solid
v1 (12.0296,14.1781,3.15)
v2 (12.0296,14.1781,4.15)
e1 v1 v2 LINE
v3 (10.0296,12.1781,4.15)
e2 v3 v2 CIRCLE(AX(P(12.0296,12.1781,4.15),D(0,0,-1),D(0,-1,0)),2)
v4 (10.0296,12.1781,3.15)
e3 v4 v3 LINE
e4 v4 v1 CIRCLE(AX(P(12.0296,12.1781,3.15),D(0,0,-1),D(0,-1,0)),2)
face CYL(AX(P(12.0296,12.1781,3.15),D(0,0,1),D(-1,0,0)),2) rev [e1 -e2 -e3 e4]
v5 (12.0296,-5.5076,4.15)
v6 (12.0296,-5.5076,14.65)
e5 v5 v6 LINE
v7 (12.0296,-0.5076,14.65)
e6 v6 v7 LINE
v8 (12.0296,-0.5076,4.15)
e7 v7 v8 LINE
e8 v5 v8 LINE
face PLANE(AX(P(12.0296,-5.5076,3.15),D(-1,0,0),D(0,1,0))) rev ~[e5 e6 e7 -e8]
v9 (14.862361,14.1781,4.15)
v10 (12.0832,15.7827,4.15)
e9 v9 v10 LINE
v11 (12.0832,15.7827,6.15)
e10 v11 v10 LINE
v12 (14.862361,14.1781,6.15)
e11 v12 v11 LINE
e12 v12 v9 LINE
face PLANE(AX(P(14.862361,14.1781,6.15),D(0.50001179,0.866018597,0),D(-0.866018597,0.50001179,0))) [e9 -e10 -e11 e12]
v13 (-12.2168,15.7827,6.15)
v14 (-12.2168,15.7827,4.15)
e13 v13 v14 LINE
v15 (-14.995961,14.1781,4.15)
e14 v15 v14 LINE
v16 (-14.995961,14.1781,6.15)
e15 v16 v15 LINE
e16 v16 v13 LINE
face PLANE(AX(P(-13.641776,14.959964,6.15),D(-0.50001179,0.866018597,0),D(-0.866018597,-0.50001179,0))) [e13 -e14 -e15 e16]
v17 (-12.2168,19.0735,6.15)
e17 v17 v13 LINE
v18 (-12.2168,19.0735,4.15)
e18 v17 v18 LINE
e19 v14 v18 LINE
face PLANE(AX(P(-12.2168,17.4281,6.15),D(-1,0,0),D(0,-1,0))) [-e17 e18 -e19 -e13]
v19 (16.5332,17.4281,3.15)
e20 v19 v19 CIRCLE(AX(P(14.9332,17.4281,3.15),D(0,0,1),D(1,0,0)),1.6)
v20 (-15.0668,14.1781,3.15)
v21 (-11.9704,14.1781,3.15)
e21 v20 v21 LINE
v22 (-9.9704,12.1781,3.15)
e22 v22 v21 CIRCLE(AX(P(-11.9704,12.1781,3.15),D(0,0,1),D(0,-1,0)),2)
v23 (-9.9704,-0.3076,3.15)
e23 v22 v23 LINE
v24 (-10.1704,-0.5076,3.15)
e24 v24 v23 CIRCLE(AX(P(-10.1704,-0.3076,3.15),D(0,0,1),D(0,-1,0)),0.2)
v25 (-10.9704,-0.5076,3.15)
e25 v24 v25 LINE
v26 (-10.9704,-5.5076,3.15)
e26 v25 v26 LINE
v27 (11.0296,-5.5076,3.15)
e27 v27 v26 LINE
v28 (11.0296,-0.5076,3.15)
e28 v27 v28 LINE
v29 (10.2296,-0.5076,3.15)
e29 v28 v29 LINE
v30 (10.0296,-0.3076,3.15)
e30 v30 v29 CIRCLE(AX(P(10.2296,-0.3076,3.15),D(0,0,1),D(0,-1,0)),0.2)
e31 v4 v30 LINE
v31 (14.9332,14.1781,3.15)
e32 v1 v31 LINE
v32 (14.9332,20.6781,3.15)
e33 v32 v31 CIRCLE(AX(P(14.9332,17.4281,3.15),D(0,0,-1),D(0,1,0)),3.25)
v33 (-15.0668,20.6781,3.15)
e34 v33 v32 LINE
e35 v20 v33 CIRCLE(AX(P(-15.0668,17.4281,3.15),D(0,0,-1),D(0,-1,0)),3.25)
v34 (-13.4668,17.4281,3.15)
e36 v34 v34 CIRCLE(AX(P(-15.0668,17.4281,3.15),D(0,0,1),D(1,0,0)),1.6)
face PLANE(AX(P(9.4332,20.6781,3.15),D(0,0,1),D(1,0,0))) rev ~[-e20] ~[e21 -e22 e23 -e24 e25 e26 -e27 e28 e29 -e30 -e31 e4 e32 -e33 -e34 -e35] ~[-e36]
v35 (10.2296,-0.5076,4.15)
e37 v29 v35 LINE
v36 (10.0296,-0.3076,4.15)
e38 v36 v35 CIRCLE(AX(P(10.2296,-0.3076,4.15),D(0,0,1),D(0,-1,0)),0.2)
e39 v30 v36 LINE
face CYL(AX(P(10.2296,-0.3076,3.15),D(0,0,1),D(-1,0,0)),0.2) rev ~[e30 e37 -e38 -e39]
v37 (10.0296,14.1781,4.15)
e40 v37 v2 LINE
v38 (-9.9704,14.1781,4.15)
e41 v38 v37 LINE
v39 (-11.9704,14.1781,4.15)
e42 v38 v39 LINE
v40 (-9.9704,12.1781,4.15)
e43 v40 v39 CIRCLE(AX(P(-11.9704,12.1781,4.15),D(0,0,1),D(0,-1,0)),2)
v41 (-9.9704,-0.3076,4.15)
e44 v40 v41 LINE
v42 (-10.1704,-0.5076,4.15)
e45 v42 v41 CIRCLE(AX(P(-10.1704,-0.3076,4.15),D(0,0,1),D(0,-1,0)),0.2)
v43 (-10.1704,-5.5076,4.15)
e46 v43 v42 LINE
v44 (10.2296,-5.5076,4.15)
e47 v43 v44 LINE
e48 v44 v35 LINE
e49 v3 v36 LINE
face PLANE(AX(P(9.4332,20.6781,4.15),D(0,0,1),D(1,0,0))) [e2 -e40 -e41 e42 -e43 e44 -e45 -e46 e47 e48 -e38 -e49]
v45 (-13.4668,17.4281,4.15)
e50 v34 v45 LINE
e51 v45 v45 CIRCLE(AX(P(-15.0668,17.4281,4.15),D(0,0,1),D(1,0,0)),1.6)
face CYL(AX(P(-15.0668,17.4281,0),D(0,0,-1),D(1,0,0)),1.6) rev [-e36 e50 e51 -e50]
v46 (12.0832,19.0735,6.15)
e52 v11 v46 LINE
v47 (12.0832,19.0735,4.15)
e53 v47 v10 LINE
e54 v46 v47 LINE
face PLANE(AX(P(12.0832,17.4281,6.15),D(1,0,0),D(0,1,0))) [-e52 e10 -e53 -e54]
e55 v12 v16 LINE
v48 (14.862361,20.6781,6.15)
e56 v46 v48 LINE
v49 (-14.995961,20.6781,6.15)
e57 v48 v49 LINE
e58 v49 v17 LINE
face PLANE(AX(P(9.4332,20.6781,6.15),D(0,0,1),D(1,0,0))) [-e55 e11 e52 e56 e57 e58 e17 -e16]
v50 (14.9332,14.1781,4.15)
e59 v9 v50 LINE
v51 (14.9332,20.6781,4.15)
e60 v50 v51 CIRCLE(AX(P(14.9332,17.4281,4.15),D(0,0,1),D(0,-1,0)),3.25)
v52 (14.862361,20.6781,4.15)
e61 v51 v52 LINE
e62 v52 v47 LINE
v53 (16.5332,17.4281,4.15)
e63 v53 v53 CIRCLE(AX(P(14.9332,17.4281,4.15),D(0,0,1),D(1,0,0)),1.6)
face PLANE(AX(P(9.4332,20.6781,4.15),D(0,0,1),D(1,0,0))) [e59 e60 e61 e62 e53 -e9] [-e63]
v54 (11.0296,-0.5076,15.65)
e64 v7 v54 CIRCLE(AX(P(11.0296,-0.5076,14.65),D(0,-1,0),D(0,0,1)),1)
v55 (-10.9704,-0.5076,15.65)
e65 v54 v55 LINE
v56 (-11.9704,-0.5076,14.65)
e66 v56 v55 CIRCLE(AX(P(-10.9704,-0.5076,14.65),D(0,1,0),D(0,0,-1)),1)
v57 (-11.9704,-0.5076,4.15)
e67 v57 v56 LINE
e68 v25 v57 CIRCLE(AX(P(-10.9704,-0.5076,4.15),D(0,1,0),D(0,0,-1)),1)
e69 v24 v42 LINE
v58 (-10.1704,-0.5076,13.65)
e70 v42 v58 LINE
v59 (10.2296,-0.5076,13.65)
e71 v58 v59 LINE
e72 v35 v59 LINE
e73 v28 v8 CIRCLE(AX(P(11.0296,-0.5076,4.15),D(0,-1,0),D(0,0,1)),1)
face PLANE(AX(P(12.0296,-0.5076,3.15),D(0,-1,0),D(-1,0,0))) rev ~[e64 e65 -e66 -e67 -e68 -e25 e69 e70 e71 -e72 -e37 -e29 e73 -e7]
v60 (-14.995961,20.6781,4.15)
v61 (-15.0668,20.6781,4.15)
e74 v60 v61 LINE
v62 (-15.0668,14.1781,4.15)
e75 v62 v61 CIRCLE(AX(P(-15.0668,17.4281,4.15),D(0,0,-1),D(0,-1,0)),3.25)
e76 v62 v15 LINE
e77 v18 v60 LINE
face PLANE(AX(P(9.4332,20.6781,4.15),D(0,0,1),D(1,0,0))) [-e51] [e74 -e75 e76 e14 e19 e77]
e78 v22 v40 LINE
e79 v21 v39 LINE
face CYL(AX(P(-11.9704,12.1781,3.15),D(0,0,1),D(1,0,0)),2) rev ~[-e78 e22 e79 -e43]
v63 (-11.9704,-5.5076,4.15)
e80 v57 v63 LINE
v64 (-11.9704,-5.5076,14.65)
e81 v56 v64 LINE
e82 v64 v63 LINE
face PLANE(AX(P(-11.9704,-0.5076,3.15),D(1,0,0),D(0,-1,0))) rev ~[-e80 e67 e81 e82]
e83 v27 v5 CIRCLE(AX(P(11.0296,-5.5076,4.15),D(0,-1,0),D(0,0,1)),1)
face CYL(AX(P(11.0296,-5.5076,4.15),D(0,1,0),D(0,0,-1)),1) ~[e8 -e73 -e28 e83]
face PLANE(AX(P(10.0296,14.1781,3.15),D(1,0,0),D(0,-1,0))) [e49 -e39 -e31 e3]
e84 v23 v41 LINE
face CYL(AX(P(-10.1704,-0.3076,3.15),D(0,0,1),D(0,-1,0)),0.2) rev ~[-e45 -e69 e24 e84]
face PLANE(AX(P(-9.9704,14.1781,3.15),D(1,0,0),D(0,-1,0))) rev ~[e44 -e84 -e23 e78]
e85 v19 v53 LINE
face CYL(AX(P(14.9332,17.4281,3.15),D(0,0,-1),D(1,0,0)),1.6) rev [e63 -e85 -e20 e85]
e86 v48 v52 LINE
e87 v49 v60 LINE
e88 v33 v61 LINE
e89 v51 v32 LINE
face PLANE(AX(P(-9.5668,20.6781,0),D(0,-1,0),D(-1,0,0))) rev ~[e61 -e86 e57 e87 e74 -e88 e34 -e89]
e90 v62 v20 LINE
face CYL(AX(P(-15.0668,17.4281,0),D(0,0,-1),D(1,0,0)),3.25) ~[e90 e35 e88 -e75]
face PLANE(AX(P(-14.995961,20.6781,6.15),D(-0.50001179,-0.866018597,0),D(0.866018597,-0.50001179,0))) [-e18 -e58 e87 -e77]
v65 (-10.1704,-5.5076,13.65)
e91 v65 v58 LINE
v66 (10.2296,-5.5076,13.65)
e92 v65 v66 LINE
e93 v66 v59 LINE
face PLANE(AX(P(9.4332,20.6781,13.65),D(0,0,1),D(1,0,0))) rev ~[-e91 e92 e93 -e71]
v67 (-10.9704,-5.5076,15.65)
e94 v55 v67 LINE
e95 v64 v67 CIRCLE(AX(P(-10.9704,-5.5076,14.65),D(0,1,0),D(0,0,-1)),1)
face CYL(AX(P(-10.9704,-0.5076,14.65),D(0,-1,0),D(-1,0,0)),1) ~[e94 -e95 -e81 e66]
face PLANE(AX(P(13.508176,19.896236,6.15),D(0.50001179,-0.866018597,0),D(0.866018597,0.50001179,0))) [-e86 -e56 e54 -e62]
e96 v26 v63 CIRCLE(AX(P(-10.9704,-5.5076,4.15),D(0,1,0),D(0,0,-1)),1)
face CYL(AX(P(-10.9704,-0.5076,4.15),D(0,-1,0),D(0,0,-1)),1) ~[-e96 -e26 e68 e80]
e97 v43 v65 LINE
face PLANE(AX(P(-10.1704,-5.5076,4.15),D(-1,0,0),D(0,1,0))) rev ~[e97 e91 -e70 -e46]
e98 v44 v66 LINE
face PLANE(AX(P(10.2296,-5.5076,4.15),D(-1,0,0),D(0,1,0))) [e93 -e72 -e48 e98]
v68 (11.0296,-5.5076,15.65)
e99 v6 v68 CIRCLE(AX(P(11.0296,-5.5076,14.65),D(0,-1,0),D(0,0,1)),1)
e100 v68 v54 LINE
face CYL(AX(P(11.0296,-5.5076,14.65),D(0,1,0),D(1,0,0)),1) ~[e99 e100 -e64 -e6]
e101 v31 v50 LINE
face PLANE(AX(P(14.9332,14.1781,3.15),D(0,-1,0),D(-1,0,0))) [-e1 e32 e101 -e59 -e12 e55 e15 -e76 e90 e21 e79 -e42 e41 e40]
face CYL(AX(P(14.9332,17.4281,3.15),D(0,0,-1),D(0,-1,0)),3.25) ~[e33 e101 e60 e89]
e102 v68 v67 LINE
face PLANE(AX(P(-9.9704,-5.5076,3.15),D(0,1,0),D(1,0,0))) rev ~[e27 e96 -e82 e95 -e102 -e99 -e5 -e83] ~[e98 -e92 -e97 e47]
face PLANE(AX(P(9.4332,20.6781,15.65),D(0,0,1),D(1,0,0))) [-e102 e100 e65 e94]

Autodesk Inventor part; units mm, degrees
ref_plane "YZ Plane" through (0, 0, 0) normal (1, 0, 0) x (0, 1, 0)
sketch "Szkic1" plane through (0, 0, 0) normal (0, 0, 1) x (1, 0, 0)
  circle A0 centre (-15.0668, 17.4281) radius 1.6 projected
  circle A1 centre (14.9332, 17.4281) radius 1.6 projected
  circle A2 centre (14.9332, 17.4281) radius 3.25
  circle A3 centre (-15.0668, 17.4281) radius 3.25
  line L0 (14.9332, 14.1781) -> (9.4332, 14.1781)
  line L1 (9.4332, 14.1781) -> (9.4332, 20.6781)
  line L2 (9.4332, 20.6781) -> (14.9332, 20.6781)
  line L3 (14.9332, 20.6781) -> (14.9332, 14.1781)
  line L4 (-15.0668, 14.1781) -> (-9.5668, 14.1781)
  line L5 (-9.5668, 14.1781) -> (-9.5668, 20.6781)
  line L6 (-9.5668, 20.6781) -> (-15.0668, 20.6781)
  line L7 (-15.0668, 20.6781) -> (-15.0668, 14.1781)
  point P0 (0, 0)
  dimension "d0" = 6.5
  dimension "d1" = 6.5
  dimension "d2" = 5.5
  dimension "d3" = 5.5
ref_plane "Płaszczyzna konstrukcyjna1" through (-7.6204, -2.8576, 3.15) normal (0, 0, 1) x (1, 0, 0)
extrude "Wyciągnięcie proste1" add sketch "Szkic1" along normal up to surface (3.15 mm away) contours A0 L7 A3 | A0 L7 A3 | L6 L5 L4 A3 | A1 L3 A2 | A1 L3 A2 | A2 L0 L1 L2
ref_plane "Płaszczyzna konstrukcyjna2" through (-10.5274, -25.5076, 4.15) normal (0, 0, -1) x (0, 1, 0)
sketch "Szkic4" plane through (9.4332, 20.6781, 3.15) normal (0, 0, 1) x (1, 0, 0)
  line L0 (0.5964, -6.1857) -> (-19.4036, -6.1857) projected
  line L1 (-19.4036, -6.1857) -> (-19.4036, -46.1857) projected
  line L2 (0.5964, -46.1857) -> (-19.4036, -46.1857) projected
  line L3 (0.5964, -6.1857) -> (0.5964, -46.1857) projected
  line L4 (-21.4036, -26.1857) -> (2.5964, -26.1857)
  line L5 (2.5964, -26.1857) -> (2.5964, -21.1857)
  line L6 (2.5964, -21.1857) -> (-21.4036, -21.1857)
  line L7 (-21.4036, -21.1857) -> (-21.4036, -26.1857)
  circle A0 centre (-24.5, -3.25) radius 1.6 projected
  line L8 (-19, -6.5) -> (-24.5, -6.5) projected
  line L9 (-19, 0) -> (-19, -6.5) projected
  line L10 (-24.5, 0) -> (-19, 0) projected
  arc A1 (-24.5, 0) -> (-24.5, -6.5) centre (-24.5, -3.25) ccw projected
  arc A2 (5.5, -6.5) -> (5.5, 0) centre (5.5, -3.25) ccw projected
  line L11 (0, 0) -> (5.5, 0) projected
  line L12 (0, -6.5) -> (0, 0) projected
  line L13 (5.5, -6.5) -> (0, -6.5) projected
  circle A3 centre (5.5, -3.25) radius 1.6 projected
  line L14 (-19, 0) -> (0, 0)
  point P0 (-9.4332, -20.6781)
  point P1 (-9.4036, -26.1857)
  point P2 (-9.4036, -46.1857)
  point P3 (0.5964, -21.1857)
  point P4 (0.5964, -6.5)
  point P5 (-19.4036, -6.5)
  point P6 (-19.4036, -21.1857)
  dimension "d15" = 5
  dimension "d16" = 15
  dimension "d17" = 2
extrude "Wyciągnięcie proste4" add sketch "Szkic4" along normal blind 1 contours L3 L13 L12 L0 | L0 L12 L11 A2 L13 L3 | L12 L13 L3 L6 L1 L8 L9 L0 | L0 L9 L14 L12 | L9 L8 L1 L0 | L0 L1 L8 A1 L10 L9 | L6 L5 L4 L3 | L3 L4 L1 L6 | L1 L4 L7 L6
sketch "Szkic5" plane through (9.4332, 20.6781, 4.15) normal (0, 0, 1) x (1, 0, 0)
  line L0 (-21.4036, -21.1857) -> (-21.4036, -26.1857) projected
  line L1 (2.5964, -21.1857) -> (0.5964, -21.1857) projected
  line L2 (0.5964, -21.1857) -> (0.5964, -6.5) projected
  line L3 (0.5964, -6.5) -> (5.5, -6.5) projected
  arc A0 (5.5, -6.5) -> (5.5, 0) centre (5.5, -3.25) ccw projected
  line L4 (5.5, 0) -> (-24.5, 0) projected
  arc A1 (-24.5, 0) -> (-24.5, -6.5) centre (-24.5, -3.25) ccw projected
  line L5 (-24.5, -6.5) -> (-19.4036, -6.5) projected
  line L6 (-19.4036, -6.5) -> (-19.4036, -21.1857) projected
  line L7 (-19.4036, -21.1857) -> (-21.4036, -21.1857) projected
  line L8 (-21.4036, -21.1857) -> (-21.4036, -26.1857) projected
  line L9 (-21.4036, -26.1857) -> (2.5964, -26.1857) projected
  line L10 (2.5964, -26.1857) -> (2.5964, -21.1857) projected
  circle A2 centre (5.5, -3.25) radius 1.6 projected
  circle A3 centre (-24.5, -3.25) radius 1.6 projected
  line L11 (-21.4036, -26.1857) -> (-19.6036, -26.1857)
  line L12 (-19.6036, -26.1857) -> (-19.6036, -21.1857)
  line L13 (-19.6036, -21.1857) -> (-21.4036, -21.1857)
  line L14 (-21.4036, -21.1857) -> (-21.4036, -26.1857)
  line L15 (2.5964, -26.1857) -> (2.5964, -21.1857) projected
  line L16 (2.5964, -26.1857) -> (0.7964, -26.1857)
  line L17 (0.7964, -26.1857) -> (0.7964, -21.1857)
  line L18 (0.7964, -21.1857) -> (2.5964, -21.1857)
  line L19 (2.5964, -21.1857) -> (2.5964, -26.1857)
  point P0 (-9.4332, -20.6781)
  point P1 (0.7964, -26.1857)
  dimension "d20" = 1.8
  dimension "d21" = 1.8
extrude "Wyciągnięcie proste5" add sketch "Szkic5" along normal blind 9.5 contours L7 L12 L9 L0 | L17 L1 L10 L9
sketch "Szkic6" plane through (9.4332, 20.6781, 13.65) normal (0, 0, 1) x (1, 0, 0)
  line L0 (-19.6036, -21.1857) -> (-21.4036, -21.1857) projected
  line L1 (-21.4036, -21.1857) -> (-21.4036, -26.1857) projected
  line L2 (-21.4036, -26.1857) -> (-19.6036, -26.1857) projected
  line L3 (-19.6036, -26.1857) -> (-19.6036, -21.1857) projected
  line L4 (0.7964, -26.1857) -> (2.5964, -26.1857) projected
  line L5 (2.5964, -26.1857) -> (2.5964, -21.1857) projected
  line L6 (2.5964, -21.1857) -> (0.7964, -21.1857) projected
  line L7 (0.7964, -21.1857) -> (0.7964, -26.1857) projected
  line L8 (-21.4036, -21.1857) -> (-21.4036, -26.1857) projected
  line L9 (-21.4036, -26.1857) -> (2.5964, -26.1857)
  line L10 (2.5964, -26.1857) -> (2.5964, -21.1857)
  line L11 (2.5964, -21.1857) -> (-21.4036, -21.1857)
  line L12 (-21.4036, -21.1857) -> (-21.4036, -26.1857)
  point P0 (-9.4332, -20.6781)
extrude "Wyciągnięcie proste6" add sketch "Szkic6" along normal blind 2
fillet "Zaokrąglenie3" radius 1 4 edges at (12.0296, -3.0076, 15.65) (-11.9704, -3.0076, 15.65) (12.0296, -3.0076, 3.15) (-11.9704, -3.0076, 3.15)
sketch "Szkic7" plane through (9.4332, 20.6781, 4.15) normal (0, 0, 1) x (1, 0, 0)
  line L0 (0.7964, -26.1857) -> (0.7964, -21.1857) projected
  line L1 (0.7964, -21.1857) -> (0.5964, -21.1857) projected
  line L2 (0.5964, -21.1857) -> (0.5964, -6.5) projected
  line L3 (0.5964, -6.5) -> (5.5, -6.5) projected
  arc A0 (5.5, -6.5) -> (5.5, 0) centre (5.5, -3.25) ccw projected
  line L4 (5.5, 0) -> (-24.5, 0) projected
  arc A1 (-24.5, 0) -> (-24.5, -6.5) centre (-24.5, -3.25) ccw projected
  line L5 (-24.5, -6.5) -> (-19.4036, -6.5) projected
  line L6 (-19.4036, -6.5) -> (-19.4036, -21.1857) projected
  line L7 (-19.4036, -21.1857) -> (-19.6036, -21.1857) projected
  line L8 (-19.6036, -21.1857) -> (-19.6036, -26.1857) projected
  line L9 (-19.6036, -26.1857) -> (0.7964, -26.1857) projected
  circle A2 centre (5.5, -3.25) radius 1.6 projected
  circle A3 centre (-24.5, -3.25) radius 1.6 projected
  line L10 (-19.4036, -6.5) -> (0.5964, -6.5)
  line L11 (-19, -6.5) -> (-19, 0) projected
  point P0 (-9.4332, -20.6781)
extrude "Wyciągnięcie proste7" add sketch "Szkic7" along normal blind 2 contours L10 L11 L4 A0 L3 | L10 L5 A1 L4 L11
sketch "Szkic8" plane through (9.4332, 20.6781, 6.15) normal (0, 0, 1) x (1, 0, 0)
  circle A0 centre (5.5, -3.25) radius 1.6 projected
  circle A1 centre (-24.5, -3.25) radius 1.6 projected
  circle A2 centre (5.5, -3.25) radius 2.85
  circle A3 centre (-24.5, -3.25) radius 2.85
  line L0 (8.35, -4.8954) -> (5.5, -6.5409)
  line L1 (5.5, -6.5409) -> (2.65, -4.8954)
  line L2 (2.65, -4.8954) -> (2.65, -1.6046)
  line L3 (2.65, -1.6046) -> (5.5, 0.0409)
  line L4 (5.5, 0.0409) -> (8.35, -1.6046)
  line L5 (8.35, -1.6046) -> (8.35, -4.8954)
  line L6 (5.5, 0) -> (-24.5, 0) projected
  arc A4 (-24.5, 0) -> (-24.5, -6.5) centre (-24.5, -3.25) ccw projected
  line L7 (-24.5, -6.5) -> (5.5, -6.5) projected
  arc A5 (5.5, -6.5) -> (5.5, 0) centre (5.5, -3.25) ccw projected
  circle A6 centre (-24.5, -3.25) radius 1.6 projected
  circle A7 centre (5.5, -3.25) radius 1.6 projected
  line L8 (-27.35, -1.6046) -> (-24.5, 0.0409)
  line L9 (-24.5, 0.0409) -> (-21.65, -1.6046)
  line L10 (-21.65, -1.6046) -> (-21.65, -4.8954)
  line L11 (-21.65, -4.8954) -> (-24.5, -6.5409)
  line L12 (-24.5, -6.5409) -> (-27.35, -4.8954)
  line L13 (-27.35, -4.8954) -> (-27.35, -1.6046)
  point P0 (-9.4332, -20.6781)
  point P1 (8.35, -3.25)
  point P2 (-27.35, -3.25)
  point P3 (-24.5722, -0.0008)
  point P4 (-27.2778, -1.5629)
  point P5 (-27.35, -1.688)
  point P6 (-27.35, -4.812)
  point P7 (-27.2778, -4.9371)
  point P8 (-24.5722, -6.4992)
  point P9 (5.5722, -6.4992)
  point P10 (8.2778, -4.9371)
  point P11 (8.35, -4.812)
  point P12 (8.35, -1.688)
  point P13 (8.2778, -1.5629)
  point P14 (5.5722, -0.0008)
  dimension "d29" = 5.7
  dimension "d30" = 5.7
extrude "Wyciągnięcie proste8" cut sketch "Szkic8" against normal blind 2 contours A0 | A1 | A2 | L5 A5 L0 A2 | A2 L4 A5 L5 | L5 A5 | A2 L3 L6 A5 L4 | L4 A5 | L0 A5 L7 L1 A2 | L0 A5 | A5 L4 L5 | L5 L0 A5 | A2 L2 L3 | A5 L6 L3 L4 | L1 L2 A2 | L0 L1 L7 A5 | L9 A3 L8 A4 L6 | L6 A4 L8 L9 | L11 L12 A4 L7 | L7 A4 L12 A3 L11 | L9 L10 A3 | A3 | A3 L10 L11 | L8 A4 | A3 L13 A4 L8 | A4 L12 | L12 A4 L13 A3 | A4 L13 L8 | L13 A4 | L12 L13 A4
sketch "Szkic10" plane through (0, 0, 0) normal (0, 0, -1) x (-1, 0, 0)
  line L0 (9.5668, 14.1781) -> (9.5668, 20.6781) projected
  line L1 (15.0668, 14.1781) -> (9.5668, 14.1781) projected
  arc A0 (15.0668, 14.1781) -> (15.0668, 20.6781) centre (15.0668, 17.4281) ccw projected
  line L2 (9.5668, 20.6781) -> (15.0668, 20.6781) projected
  circle A1 centre (15.0668, 17.4281) radius 1.6 projected
  line L3 (-14.9332, 20.6781) -> (-9.4332, 20.6781) projected
  arc A2 (-14.9332, 20.6781) -> (-14.9332, 14.1781) centre (-14.9332, 17.4281) ccw projected
  line L4 (-9.4332, 14.1781) -> (-14.9332, 14.1781) projected
  line L5 (-9.4332, 20.6781) -> (-9.4332, 14.1781) projected
  circle A3 centre (-14.9332, 17.4281) radius 1.6 projected
  point P0 (0, 0)
extrude "Wyciągnięcie proste9" cut sketch "Szkic10" against normal up to surface (3.15 mm away)
fillet "Zaokrąglenie4" radius 2 2 edges at (-9.9704, 14.1781, 3.65) (10.0296, 14.1781, 3.65)
fillet "Zaokrąglenie5" radius 0.2 2 edges at (-9.9704, -0.5076, 3.65) (10.0296, -0.5076, 3.65)
properties part number "trzymacz"
